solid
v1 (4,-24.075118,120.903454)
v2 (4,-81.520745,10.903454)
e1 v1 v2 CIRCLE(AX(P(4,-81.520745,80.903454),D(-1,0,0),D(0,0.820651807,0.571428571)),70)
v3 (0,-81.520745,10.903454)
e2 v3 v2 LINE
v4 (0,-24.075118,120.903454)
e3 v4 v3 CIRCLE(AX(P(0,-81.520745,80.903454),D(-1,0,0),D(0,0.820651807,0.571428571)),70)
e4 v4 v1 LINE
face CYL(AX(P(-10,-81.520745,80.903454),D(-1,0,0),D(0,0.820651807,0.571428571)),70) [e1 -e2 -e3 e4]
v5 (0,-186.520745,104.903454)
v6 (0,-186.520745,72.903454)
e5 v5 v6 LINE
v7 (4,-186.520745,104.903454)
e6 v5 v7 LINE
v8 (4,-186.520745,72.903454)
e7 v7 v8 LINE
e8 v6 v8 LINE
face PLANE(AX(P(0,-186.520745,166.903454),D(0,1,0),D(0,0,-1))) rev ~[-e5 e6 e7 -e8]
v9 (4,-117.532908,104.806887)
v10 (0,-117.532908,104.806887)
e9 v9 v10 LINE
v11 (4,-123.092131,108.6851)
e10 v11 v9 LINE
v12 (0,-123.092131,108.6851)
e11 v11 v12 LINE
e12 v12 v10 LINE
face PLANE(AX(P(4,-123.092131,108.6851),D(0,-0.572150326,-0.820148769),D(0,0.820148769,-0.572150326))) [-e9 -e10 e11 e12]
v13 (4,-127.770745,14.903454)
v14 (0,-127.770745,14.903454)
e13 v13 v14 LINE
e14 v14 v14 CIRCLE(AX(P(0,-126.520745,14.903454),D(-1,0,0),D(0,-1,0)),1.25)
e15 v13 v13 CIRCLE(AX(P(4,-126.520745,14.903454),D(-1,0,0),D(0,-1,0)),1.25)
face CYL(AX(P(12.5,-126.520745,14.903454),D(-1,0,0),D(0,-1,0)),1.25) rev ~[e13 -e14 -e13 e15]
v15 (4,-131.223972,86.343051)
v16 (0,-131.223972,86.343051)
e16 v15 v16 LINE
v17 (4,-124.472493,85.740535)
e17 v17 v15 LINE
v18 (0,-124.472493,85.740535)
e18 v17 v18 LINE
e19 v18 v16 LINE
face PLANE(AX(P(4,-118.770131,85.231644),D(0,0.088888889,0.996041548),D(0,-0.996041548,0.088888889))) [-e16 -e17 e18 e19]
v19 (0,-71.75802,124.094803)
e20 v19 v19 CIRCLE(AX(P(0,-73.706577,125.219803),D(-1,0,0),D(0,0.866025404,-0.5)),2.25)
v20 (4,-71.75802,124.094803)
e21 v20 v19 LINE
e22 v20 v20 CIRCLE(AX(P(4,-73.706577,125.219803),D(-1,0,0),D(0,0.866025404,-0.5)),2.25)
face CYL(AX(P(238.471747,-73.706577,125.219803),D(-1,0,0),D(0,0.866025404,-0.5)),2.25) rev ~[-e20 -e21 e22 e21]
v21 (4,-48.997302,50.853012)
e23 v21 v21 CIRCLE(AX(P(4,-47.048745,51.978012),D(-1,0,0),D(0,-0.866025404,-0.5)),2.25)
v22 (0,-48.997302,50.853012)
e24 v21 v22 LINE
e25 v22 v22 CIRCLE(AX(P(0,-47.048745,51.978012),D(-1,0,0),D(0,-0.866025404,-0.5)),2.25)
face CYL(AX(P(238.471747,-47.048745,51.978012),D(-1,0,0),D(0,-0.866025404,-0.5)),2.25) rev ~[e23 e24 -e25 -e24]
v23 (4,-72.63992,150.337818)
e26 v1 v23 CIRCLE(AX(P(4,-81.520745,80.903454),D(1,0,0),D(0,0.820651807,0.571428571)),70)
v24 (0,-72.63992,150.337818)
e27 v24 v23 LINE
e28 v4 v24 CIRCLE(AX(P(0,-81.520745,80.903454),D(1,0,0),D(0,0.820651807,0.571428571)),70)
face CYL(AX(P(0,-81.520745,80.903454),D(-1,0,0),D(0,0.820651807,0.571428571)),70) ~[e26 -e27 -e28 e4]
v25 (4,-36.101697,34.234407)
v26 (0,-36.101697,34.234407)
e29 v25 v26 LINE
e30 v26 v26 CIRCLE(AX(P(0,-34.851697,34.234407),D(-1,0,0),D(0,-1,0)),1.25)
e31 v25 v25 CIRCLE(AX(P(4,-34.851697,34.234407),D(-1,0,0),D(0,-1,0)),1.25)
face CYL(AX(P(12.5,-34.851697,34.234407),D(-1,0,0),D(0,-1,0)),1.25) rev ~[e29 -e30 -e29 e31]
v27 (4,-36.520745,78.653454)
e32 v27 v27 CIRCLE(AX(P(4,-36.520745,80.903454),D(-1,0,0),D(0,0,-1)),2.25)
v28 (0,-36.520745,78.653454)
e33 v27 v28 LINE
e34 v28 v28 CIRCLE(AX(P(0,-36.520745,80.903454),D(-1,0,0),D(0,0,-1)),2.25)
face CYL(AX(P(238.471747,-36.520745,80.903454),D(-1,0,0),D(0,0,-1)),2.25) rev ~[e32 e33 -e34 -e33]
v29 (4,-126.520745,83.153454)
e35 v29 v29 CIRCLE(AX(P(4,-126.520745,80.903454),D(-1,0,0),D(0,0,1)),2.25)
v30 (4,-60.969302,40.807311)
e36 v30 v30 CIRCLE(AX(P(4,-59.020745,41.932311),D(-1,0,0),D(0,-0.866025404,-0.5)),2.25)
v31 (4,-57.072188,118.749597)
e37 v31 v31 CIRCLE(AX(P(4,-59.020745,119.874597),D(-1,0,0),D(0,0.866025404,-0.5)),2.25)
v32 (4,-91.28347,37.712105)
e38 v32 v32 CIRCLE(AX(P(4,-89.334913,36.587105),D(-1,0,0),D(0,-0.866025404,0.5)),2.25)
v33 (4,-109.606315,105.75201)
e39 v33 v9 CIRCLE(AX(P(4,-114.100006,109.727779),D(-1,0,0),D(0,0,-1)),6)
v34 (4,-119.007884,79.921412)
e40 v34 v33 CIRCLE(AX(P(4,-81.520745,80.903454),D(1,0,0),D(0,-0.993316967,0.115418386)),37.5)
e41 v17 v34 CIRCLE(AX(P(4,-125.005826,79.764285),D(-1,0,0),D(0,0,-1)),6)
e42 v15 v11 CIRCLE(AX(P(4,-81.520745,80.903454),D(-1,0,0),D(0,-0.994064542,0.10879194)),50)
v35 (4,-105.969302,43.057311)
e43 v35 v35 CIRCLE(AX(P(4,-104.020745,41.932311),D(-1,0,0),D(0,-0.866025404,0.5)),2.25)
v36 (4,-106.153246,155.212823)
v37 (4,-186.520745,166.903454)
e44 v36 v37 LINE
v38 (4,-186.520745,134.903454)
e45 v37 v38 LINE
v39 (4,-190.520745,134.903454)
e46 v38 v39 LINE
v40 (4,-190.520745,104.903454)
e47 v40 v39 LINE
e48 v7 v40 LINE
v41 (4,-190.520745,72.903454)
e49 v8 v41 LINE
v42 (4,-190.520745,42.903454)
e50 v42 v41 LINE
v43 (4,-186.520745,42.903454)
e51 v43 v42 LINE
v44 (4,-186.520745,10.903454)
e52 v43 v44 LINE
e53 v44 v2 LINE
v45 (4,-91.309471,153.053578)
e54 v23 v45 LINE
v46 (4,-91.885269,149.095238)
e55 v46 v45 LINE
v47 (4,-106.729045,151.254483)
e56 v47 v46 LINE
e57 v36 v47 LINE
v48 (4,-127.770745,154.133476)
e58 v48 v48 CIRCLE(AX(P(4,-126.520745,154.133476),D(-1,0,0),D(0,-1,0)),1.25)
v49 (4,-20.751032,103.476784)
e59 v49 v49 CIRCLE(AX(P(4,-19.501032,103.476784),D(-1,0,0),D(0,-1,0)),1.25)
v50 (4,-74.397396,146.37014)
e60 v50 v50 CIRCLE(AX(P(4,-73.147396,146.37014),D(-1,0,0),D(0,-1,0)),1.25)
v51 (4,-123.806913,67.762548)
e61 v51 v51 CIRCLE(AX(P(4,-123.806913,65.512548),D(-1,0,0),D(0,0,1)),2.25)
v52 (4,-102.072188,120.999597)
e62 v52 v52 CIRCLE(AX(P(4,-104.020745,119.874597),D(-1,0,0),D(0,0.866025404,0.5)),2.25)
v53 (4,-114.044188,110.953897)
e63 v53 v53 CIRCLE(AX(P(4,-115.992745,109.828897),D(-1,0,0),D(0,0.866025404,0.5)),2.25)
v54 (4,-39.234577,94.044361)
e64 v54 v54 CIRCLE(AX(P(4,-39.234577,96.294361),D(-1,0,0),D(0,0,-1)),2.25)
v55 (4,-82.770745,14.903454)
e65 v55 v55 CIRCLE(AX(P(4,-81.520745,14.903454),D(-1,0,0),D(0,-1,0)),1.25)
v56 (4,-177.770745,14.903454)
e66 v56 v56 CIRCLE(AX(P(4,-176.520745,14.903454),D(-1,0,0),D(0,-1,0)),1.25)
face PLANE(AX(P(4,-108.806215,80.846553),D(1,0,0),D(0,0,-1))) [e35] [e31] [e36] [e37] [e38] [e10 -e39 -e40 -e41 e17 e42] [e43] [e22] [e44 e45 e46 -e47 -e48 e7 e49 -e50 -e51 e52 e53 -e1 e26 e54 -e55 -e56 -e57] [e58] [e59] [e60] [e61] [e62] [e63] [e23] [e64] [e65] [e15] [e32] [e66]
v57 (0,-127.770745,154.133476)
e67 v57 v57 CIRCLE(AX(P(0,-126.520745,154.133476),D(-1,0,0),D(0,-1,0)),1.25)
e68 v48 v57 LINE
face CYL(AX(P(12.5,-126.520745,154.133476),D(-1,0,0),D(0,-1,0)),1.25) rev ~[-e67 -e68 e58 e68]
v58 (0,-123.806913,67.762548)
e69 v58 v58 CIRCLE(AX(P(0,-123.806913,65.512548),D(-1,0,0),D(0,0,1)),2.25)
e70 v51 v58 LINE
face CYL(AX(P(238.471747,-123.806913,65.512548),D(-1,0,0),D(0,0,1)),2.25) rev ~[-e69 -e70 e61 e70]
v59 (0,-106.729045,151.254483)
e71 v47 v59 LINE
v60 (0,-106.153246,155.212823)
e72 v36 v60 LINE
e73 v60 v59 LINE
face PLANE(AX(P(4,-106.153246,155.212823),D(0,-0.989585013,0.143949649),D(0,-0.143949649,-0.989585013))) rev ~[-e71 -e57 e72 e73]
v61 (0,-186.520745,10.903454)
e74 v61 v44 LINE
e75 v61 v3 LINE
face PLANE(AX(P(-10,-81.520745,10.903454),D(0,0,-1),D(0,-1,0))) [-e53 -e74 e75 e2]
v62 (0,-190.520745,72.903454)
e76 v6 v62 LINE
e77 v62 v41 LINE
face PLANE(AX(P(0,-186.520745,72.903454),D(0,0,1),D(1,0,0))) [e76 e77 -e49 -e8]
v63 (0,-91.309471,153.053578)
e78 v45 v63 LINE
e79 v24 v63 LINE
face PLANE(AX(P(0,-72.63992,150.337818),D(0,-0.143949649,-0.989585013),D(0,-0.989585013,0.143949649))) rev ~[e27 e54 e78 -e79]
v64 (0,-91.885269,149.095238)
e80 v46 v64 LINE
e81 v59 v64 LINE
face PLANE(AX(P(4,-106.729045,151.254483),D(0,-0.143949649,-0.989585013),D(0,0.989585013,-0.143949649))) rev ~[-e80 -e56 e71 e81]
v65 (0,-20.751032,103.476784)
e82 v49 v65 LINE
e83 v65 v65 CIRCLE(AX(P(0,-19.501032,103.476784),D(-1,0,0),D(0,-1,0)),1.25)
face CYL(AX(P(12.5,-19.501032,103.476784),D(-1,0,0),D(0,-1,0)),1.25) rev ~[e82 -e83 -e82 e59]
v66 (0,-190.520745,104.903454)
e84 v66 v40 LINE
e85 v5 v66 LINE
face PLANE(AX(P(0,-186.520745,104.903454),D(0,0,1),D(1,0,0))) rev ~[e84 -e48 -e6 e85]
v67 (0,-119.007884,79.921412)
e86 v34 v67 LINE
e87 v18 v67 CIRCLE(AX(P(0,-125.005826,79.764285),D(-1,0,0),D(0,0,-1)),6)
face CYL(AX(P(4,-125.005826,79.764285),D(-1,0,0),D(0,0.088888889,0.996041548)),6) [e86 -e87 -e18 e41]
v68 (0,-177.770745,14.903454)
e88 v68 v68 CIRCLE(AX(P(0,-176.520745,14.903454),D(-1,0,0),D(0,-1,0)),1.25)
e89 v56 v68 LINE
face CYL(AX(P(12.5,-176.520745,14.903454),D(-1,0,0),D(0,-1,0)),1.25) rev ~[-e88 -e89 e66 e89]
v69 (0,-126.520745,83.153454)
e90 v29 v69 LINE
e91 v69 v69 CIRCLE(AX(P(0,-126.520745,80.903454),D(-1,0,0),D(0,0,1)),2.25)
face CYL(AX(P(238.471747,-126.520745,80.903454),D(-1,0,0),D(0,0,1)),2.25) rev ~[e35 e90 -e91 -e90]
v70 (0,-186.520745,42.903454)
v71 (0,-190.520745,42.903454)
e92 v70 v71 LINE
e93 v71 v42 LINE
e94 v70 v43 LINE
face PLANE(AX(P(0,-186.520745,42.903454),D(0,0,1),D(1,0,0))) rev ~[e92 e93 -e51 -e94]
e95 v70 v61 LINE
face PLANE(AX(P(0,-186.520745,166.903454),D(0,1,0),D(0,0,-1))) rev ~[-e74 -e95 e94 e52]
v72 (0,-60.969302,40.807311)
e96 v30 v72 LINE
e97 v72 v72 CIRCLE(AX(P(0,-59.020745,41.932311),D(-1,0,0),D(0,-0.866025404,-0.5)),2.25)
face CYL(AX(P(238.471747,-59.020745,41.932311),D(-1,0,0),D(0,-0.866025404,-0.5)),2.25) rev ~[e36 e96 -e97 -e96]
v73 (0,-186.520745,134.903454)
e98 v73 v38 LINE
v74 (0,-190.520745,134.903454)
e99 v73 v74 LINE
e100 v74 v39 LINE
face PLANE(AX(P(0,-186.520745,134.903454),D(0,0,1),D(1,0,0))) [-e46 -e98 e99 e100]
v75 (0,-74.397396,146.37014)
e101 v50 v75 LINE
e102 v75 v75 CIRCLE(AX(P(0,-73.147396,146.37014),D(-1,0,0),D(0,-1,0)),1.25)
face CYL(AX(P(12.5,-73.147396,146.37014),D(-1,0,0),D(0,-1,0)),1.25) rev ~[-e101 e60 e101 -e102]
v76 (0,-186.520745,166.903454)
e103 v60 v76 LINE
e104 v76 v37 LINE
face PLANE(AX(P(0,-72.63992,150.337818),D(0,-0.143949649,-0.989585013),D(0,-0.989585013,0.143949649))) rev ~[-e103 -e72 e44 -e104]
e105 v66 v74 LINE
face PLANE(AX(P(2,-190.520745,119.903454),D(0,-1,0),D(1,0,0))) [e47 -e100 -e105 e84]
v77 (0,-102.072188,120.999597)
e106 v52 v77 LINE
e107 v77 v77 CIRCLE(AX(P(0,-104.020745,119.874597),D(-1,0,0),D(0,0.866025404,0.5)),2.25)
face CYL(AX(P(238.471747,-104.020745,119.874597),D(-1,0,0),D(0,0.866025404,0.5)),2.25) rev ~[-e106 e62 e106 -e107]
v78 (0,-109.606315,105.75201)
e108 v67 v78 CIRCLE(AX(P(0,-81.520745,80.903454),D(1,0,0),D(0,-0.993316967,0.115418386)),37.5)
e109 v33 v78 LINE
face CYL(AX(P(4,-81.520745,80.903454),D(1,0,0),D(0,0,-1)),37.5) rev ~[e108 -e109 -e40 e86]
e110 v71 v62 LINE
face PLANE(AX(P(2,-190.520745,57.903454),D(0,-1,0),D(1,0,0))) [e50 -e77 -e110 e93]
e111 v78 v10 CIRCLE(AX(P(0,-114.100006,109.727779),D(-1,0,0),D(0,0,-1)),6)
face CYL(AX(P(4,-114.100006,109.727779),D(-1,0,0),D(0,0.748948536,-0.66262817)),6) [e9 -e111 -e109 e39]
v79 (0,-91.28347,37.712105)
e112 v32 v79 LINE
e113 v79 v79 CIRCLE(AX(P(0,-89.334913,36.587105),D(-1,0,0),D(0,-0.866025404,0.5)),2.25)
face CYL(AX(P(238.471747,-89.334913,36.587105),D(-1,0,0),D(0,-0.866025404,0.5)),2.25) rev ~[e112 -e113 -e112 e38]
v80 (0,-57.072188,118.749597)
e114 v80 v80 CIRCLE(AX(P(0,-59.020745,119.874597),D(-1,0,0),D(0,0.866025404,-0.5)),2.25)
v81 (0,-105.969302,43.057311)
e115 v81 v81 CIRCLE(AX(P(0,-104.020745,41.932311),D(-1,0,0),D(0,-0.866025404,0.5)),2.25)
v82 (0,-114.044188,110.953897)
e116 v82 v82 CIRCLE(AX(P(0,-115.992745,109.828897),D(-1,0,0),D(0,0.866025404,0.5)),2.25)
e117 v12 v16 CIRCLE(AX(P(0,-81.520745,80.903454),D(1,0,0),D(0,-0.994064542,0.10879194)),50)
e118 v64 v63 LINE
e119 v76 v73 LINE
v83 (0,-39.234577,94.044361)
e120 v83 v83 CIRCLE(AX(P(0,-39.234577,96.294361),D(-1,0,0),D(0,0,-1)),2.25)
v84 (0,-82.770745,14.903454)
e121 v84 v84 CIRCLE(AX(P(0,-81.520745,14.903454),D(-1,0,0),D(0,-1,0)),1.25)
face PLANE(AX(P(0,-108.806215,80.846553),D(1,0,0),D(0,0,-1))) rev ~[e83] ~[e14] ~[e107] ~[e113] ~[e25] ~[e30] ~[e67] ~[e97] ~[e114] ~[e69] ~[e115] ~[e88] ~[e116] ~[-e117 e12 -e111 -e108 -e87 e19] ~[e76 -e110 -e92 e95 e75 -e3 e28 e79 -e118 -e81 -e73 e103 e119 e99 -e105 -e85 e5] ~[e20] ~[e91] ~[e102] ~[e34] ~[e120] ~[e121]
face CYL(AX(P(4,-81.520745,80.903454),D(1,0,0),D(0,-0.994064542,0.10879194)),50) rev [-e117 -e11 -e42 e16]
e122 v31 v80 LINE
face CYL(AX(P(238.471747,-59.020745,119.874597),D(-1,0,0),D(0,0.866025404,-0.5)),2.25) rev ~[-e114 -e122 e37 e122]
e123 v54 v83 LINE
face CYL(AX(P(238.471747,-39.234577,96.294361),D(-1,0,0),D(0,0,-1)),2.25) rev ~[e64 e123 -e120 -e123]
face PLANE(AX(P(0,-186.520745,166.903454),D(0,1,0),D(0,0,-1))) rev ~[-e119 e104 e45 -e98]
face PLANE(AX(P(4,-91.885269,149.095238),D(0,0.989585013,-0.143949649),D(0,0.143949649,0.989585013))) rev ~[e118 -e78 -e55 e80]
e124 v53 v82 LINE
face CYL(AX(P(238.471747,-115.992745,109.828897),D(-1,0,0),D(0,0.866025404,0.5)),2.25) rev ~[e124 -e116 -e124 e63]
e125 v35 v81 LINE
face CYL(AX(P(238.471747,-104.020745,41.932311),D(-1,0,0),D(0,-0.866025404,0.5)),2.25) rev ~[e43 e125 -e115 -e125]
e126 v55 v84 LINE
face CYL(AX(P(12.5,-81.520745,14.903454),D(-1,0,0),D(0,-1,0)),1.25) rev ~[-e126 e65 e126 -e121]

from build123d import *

# Parameters (mm, degrees)
AUFSATZ_LINEAR_AUSTRAGEN1_DEPTH      = 4
SKIZZE1_9_R                          = 10
SCHNITT_LINEAR_AUSTRAGEN1_DEPTH      = 6
F_4_1_4_1_DURCHMESSER_BOHRUNG1_D     = 4.1
F_4_1_4_1_DURCHMESSER_BOHRUNG1_DEPTH = 20
F_4_1_4_1_DURCHMESSER_BOHRUNG1_TIP   = 1.231764269
FASE1_SIZE                           = 1
SCHNITT_LINEAR_AUSTRAGEN2_DEPTH      = 251.325290812
SCHNITT_LINEAR_AUSTRAGEN2_DEPTH_BACK = 10
F_4_8_4_8_DURCHMESSER_BOHRUNG1_D     = 4.8
F_4_8_4_8_DURCHMESSER_BOHRUNG1_DEPTH = 4
F_4_8_4_8_DURCHMESSER_BOHRUNG1_TIP   = 1.442065486
SKIZZE21_R                           = 37.5
SCHNITT_LINEAR_AUSTRAGEN3_DEPTH      = 251.325290812
DURCHGANGSLOCH_F_R_M41_D             = 4.5
KREISMUSTER1_COUNT                   = 6
M3_GEWINDEBOHRUNG1_D                 = 2.5
M3_GEWINDEBOHRUNG1_DEPTH             = 8.5
M3_GEWINDEBOHRUNG1_TIP               = 0.751075774
SCHNITT_LINEAR_AUSTRAGEN4_DEPTH      = 251.325290812
SCHNITT_LINEAR_AUSTRAGEN5_DEPTH      = 251.325290812
VERRUNDUNG1_R                        = 6
SKIZZE31_W                           = 4
SKIZZE31_H                           = 30
AUFSATZ_LINEAR_AUSTRAGEN2_DEPTH      = 4


with BuildPart() as part:
    # Skizze1 → Aufsatz-Linear austragen1 (new body)
    with BuildSketch(Plane(origin=(0, 0, 0), x_dir=(0, 0, -1), z_dir=(1, 0, 0))):
        with BuildLine():
            Line((-120.903454086, -13.395859459), (-120.903454086, -24.075118314))
            ThreePointArc((-120.903454086, -24.075118314), (-140.766673303, -45.238586838), (-150.337818424, -72.639919993))
            Line((-150.337818424, -72.639919993), (-166.903454086, -186.520744783))
            Line((-166.903454086, -186.520744783), (-10.903454086, -186.520744783))
            Line((-10.903454086, -186.520744783), (-1.903454086, -186.520744783))
            Line((-1.903454086, -186.520744783), (-1.903454086, -81.52074478))
            ThreePointArc((-1.903454086, -81.52074478), (-41.654250272, -12.960552248), (-120.903454086, -13.395859459))
        make_face()
    extrude(amount=AUFSATZ_LINEAR_AUSTRAGEN1_DEPTH)

    # Skizze1<9> → Schnitt-Linear austragen1 (cut)
    with BuildSketch(Plane(origin=(0, 0, 0), x_dir=(0, 0, -1), z_dir=(1, 0, 0))):
        with Locations((-80.903454086, -81.52074478)):
            Circle(SKIZZE1_9_R)
    extrude(amount=SCHNITT_LINEAR_AUSTRAGEN1_DEPTH, mode=Mode.SUBTRACT)

    # Ø4.1 (4.1) Durchmesser Bohrung1
    with Locations(Plane.ZY):
        with Locations((80.903454086, -66.02074478), (96.403454086, -81.52074478), (80.903454086, -97.02074478), (65.403454086, -81.52074478)):
            Hole(F_4_1_4_1_DURCHMESSER_BOHRUNG1_D / 2, depth=F_4_1_4_1_DURCHMESSER_BOHRUNG1_DEPTH)
            with Locations((0, 0, -(F_4_1_4_1_DURCHMESSER_BOHRUNG1_DEPTH + F_4_1_4_1_DURCHMESSER_BOHRUNG1_TIP / 2))):  # 118° drill point
                Cone(0, F_4_1_4_1_DURCHMESSER_BOHRUNG1_D / 2, F_4_1_4_1_DURCHMESSER_BOHRUNG1_TIP, mode=Mode.SUBTRACT)

    # Fase1
    fase1_edges = [part.edges().sort_by_distance(p)[0] for p in [
        (0, -97.02074478, 82.953454086),
        (4, -97.02074478, 82.953454086),
        (0, -81.52074478, 67.453454086),
        (4, -81.52074478, 67.453454086),
        (0, -66.02074478, 82.953454086),
        (4, -66.02074478, 82.953454086),
        (0, -81.52074478, 98.453454086),
        (4, -81.52074478, 98.453454086),
    ]]
    chamfer(fase1_edges, length=FASE1_SIZE)

    # Skizze1<18> → Schnitt-Linear austragen2 (cut, two sides: drawn at the far end of the back side and taken through both)
    with BuildSketch(Plane(origin=(0, 0, 0), x_dir=(0, 0, -1), z_dir=(1, 0, 0)).offset(-SCHNITT_LINEAR_AUSTRAGEN2_DEPTH_BACK)):
        with BuildLine():
            ThreePointArc((-1.903454086, -81.52074478), (-41.654250272, -12.960552248), (-120.903454086, -13.395859459))
            Line((-120.903454086, -13.395859459), (-120.903454086, -24.075118314))
            ThreePointArc((-120.903454086, -24.075118314), (-48.499750594, -19.47237655), (-10.903454086, -81.52074478))
            Line((-10.903454086, -81.52074478), (-10.903454086, -186.520744783))
            Line((-10.903454086, -186.520744783), (-1.903454086, -186.520744783))
            Line((-1.903454086, -186.520744783), (-1.903454086, -81.52074478))
        make_face()
    extrude(amount=SCHNITT_LINEAR_AUSTRAGEN2_DEPTH + SCHNITT_LINEAR_AUSTRAGEN2_DEPTH_BACK, mode=Mode.SUBTRACT)

    # Ø4.8 (4.8) Durchmesser Bohrung1
    with Locations(Plane(origin=(4, 0, 0), x_dir=(0, 0, -1), z_dir=(1, 0, 0))):
        with Locations((-80.903454086, -46.52074478), (-80.903454086, -116.52074478)):
            Hole(F_4_8_4_8_DURCHMESSER_BOHRUNG1_D / 2, depth=F_4_8_4_8_DURCHMESSER_BOHRUNG1_DEPTH)
            with Locations((0, 0, -(F_4_8_4_8_DURCHMESSER_BOHRUNG1_DEPTH + F_4_8_4_8_DURCHMESSER_BOHRUNG1_TIP / 2))):  # 118° drill point
                Cone(0, F_4_8_4_8_DURCHMESSER_BOHRUNG1_D / 2, F_4_8_4_8_DURCHMESSER_BOHRUNG1_TIP, mode=Mode.SUBTRACT)

    # Skizze21 → Schnitt-Linear austragen3 (cut, through all)
    with BuildSketch(Plane.YZ.offset(4)):
        with Locations((-81.52074478, 80.903454086)):
            Circle(SKIZZE21_R)
    extrude(amount=-SCHNITT_LINEAR_AUSTRAGEN3_DEPTH, mode=Mode.SUBTRACT)

    # Durchgangsloch für M41 (through all)
    with Locations(Plane(origin=(4, 0, 0), x_dir=(0, 0, -1), z_dir=(1, 0, 0))):
        with Locations((-80.903454086, -126.52074478), (-65.512547636, -123.806912715)):
            durchgangsloch_f_r_m41 = Hole(DURCHGANGSLOCH_F_R_M41_D / 2)

    # Kreismuster1: Durchgangsloch für M41 ×6 about axis
    kreismuster1_axis = Axis((4, -81.52074478, 80.903454086), (1, 0, 0))
    for i in range(1, KREISMUSTER1_COUNT):
        add(durchgangsloch_f_r_m41.rotate(kreismuster1_axis, i * 360 / KREISMUSTER1_COUNT), mode=Mode.SUBTRACT)

    # M3 Gewindebohrung1
    with Locations(Plane.YZ.offset(4)):
        with Locations((-176.520744783, 14.903454086), (-126.520744783, 14.903454086), (-34.851697221, 34.234406527), (-19.501031808, 103.476783545), (-81.52074478, 14.903454086), (-73.147395695, 146.370140462), (-126.520744783, 154.133475978)):
            Hole(M3_GEWINDEBOHRUNG1_D / 2, depth=M3_GEWINDEBOHRUNG1_DEPTH)
            with Locations((0, 0, -(M3_GEWINDEBOHRUNG1_DEPTH + M3_GEWINDEBOHRUNG1_TIP / 2))):  # 118° drill point
                Cone(0, M3_GEWINDEBOHRUNG1_D / 2, M3_GEWINDEBOHRUNG1_TIP, mode=Mode.SUBTRACT)

    # Skizze29 → Schnitt-Linear austragen4 (cut, through all)
    with BuildSketch(Plane.YZ.offset(4)):
        Polygon((-106.153245921, 155.212823046), (-106.729044518, 151.254482993), (-91.885269319, 149.095238254), (-91.309470722, 153.053578307), align=None)
    extrude(amount=-SCHNITT_LINEAR_AUSTRAGEN4_DEPTH, mode=Mode.SUBTRACT)

    # Skizze30 → Schnitt-Linear austragen5 (cut, through all)
    with BuildSketch(Plane.YZ.offset(4)):
        with BuildLine():
            Line((-118.770131027, 85.231643571), (-131.223971881, 86.3430511))
            ThreePointArc((-131.223971881, 86.3430511), (-128.505375819, 98.004461252), (-123.092131269, 108.685099562))
            Line((-123.092131269, 108.685099562), (-112.837536697, 101.53131253))
            ThreePointArc((-112.837536697, 101.53131253), (-116.759218059, 93.72920946), (-118.770131027, 85.231643571))
        make_face()
    extrude(amount=-SCHNITT_LINEAR_AUSTRAGEN5_DEPTH, mode=Mode.SUBTRACT)

    # Verrundung1
    verrundung1_edges = [part.edges().sort_by_distance(p)[0] for p in [
        (2, -118.770131027, 85.231643571),
        (2, -112.837536697, 101.53131253),
    ]]
    fillet(verrundung1_edges, radius=VERRUNDUNG1_R)

    # Skizze31 → Aufsatz-Linear austragen2 (add)
    with BuildSketch(Plane.XZ.offset(186.520744783)):
        with Locations((2, 57.903454086)):
            Rectangle(SKIZZE31_W, SKIZZE31_H)
        with Locations((2, 119.903454086)):
            Rectangle(SKIZZE31_W, SKIZZE31_H)
    extrude(amount=AUFSATZ_LINEAR_AUSTRAGEN2_DEPTH)


solid = part.part
